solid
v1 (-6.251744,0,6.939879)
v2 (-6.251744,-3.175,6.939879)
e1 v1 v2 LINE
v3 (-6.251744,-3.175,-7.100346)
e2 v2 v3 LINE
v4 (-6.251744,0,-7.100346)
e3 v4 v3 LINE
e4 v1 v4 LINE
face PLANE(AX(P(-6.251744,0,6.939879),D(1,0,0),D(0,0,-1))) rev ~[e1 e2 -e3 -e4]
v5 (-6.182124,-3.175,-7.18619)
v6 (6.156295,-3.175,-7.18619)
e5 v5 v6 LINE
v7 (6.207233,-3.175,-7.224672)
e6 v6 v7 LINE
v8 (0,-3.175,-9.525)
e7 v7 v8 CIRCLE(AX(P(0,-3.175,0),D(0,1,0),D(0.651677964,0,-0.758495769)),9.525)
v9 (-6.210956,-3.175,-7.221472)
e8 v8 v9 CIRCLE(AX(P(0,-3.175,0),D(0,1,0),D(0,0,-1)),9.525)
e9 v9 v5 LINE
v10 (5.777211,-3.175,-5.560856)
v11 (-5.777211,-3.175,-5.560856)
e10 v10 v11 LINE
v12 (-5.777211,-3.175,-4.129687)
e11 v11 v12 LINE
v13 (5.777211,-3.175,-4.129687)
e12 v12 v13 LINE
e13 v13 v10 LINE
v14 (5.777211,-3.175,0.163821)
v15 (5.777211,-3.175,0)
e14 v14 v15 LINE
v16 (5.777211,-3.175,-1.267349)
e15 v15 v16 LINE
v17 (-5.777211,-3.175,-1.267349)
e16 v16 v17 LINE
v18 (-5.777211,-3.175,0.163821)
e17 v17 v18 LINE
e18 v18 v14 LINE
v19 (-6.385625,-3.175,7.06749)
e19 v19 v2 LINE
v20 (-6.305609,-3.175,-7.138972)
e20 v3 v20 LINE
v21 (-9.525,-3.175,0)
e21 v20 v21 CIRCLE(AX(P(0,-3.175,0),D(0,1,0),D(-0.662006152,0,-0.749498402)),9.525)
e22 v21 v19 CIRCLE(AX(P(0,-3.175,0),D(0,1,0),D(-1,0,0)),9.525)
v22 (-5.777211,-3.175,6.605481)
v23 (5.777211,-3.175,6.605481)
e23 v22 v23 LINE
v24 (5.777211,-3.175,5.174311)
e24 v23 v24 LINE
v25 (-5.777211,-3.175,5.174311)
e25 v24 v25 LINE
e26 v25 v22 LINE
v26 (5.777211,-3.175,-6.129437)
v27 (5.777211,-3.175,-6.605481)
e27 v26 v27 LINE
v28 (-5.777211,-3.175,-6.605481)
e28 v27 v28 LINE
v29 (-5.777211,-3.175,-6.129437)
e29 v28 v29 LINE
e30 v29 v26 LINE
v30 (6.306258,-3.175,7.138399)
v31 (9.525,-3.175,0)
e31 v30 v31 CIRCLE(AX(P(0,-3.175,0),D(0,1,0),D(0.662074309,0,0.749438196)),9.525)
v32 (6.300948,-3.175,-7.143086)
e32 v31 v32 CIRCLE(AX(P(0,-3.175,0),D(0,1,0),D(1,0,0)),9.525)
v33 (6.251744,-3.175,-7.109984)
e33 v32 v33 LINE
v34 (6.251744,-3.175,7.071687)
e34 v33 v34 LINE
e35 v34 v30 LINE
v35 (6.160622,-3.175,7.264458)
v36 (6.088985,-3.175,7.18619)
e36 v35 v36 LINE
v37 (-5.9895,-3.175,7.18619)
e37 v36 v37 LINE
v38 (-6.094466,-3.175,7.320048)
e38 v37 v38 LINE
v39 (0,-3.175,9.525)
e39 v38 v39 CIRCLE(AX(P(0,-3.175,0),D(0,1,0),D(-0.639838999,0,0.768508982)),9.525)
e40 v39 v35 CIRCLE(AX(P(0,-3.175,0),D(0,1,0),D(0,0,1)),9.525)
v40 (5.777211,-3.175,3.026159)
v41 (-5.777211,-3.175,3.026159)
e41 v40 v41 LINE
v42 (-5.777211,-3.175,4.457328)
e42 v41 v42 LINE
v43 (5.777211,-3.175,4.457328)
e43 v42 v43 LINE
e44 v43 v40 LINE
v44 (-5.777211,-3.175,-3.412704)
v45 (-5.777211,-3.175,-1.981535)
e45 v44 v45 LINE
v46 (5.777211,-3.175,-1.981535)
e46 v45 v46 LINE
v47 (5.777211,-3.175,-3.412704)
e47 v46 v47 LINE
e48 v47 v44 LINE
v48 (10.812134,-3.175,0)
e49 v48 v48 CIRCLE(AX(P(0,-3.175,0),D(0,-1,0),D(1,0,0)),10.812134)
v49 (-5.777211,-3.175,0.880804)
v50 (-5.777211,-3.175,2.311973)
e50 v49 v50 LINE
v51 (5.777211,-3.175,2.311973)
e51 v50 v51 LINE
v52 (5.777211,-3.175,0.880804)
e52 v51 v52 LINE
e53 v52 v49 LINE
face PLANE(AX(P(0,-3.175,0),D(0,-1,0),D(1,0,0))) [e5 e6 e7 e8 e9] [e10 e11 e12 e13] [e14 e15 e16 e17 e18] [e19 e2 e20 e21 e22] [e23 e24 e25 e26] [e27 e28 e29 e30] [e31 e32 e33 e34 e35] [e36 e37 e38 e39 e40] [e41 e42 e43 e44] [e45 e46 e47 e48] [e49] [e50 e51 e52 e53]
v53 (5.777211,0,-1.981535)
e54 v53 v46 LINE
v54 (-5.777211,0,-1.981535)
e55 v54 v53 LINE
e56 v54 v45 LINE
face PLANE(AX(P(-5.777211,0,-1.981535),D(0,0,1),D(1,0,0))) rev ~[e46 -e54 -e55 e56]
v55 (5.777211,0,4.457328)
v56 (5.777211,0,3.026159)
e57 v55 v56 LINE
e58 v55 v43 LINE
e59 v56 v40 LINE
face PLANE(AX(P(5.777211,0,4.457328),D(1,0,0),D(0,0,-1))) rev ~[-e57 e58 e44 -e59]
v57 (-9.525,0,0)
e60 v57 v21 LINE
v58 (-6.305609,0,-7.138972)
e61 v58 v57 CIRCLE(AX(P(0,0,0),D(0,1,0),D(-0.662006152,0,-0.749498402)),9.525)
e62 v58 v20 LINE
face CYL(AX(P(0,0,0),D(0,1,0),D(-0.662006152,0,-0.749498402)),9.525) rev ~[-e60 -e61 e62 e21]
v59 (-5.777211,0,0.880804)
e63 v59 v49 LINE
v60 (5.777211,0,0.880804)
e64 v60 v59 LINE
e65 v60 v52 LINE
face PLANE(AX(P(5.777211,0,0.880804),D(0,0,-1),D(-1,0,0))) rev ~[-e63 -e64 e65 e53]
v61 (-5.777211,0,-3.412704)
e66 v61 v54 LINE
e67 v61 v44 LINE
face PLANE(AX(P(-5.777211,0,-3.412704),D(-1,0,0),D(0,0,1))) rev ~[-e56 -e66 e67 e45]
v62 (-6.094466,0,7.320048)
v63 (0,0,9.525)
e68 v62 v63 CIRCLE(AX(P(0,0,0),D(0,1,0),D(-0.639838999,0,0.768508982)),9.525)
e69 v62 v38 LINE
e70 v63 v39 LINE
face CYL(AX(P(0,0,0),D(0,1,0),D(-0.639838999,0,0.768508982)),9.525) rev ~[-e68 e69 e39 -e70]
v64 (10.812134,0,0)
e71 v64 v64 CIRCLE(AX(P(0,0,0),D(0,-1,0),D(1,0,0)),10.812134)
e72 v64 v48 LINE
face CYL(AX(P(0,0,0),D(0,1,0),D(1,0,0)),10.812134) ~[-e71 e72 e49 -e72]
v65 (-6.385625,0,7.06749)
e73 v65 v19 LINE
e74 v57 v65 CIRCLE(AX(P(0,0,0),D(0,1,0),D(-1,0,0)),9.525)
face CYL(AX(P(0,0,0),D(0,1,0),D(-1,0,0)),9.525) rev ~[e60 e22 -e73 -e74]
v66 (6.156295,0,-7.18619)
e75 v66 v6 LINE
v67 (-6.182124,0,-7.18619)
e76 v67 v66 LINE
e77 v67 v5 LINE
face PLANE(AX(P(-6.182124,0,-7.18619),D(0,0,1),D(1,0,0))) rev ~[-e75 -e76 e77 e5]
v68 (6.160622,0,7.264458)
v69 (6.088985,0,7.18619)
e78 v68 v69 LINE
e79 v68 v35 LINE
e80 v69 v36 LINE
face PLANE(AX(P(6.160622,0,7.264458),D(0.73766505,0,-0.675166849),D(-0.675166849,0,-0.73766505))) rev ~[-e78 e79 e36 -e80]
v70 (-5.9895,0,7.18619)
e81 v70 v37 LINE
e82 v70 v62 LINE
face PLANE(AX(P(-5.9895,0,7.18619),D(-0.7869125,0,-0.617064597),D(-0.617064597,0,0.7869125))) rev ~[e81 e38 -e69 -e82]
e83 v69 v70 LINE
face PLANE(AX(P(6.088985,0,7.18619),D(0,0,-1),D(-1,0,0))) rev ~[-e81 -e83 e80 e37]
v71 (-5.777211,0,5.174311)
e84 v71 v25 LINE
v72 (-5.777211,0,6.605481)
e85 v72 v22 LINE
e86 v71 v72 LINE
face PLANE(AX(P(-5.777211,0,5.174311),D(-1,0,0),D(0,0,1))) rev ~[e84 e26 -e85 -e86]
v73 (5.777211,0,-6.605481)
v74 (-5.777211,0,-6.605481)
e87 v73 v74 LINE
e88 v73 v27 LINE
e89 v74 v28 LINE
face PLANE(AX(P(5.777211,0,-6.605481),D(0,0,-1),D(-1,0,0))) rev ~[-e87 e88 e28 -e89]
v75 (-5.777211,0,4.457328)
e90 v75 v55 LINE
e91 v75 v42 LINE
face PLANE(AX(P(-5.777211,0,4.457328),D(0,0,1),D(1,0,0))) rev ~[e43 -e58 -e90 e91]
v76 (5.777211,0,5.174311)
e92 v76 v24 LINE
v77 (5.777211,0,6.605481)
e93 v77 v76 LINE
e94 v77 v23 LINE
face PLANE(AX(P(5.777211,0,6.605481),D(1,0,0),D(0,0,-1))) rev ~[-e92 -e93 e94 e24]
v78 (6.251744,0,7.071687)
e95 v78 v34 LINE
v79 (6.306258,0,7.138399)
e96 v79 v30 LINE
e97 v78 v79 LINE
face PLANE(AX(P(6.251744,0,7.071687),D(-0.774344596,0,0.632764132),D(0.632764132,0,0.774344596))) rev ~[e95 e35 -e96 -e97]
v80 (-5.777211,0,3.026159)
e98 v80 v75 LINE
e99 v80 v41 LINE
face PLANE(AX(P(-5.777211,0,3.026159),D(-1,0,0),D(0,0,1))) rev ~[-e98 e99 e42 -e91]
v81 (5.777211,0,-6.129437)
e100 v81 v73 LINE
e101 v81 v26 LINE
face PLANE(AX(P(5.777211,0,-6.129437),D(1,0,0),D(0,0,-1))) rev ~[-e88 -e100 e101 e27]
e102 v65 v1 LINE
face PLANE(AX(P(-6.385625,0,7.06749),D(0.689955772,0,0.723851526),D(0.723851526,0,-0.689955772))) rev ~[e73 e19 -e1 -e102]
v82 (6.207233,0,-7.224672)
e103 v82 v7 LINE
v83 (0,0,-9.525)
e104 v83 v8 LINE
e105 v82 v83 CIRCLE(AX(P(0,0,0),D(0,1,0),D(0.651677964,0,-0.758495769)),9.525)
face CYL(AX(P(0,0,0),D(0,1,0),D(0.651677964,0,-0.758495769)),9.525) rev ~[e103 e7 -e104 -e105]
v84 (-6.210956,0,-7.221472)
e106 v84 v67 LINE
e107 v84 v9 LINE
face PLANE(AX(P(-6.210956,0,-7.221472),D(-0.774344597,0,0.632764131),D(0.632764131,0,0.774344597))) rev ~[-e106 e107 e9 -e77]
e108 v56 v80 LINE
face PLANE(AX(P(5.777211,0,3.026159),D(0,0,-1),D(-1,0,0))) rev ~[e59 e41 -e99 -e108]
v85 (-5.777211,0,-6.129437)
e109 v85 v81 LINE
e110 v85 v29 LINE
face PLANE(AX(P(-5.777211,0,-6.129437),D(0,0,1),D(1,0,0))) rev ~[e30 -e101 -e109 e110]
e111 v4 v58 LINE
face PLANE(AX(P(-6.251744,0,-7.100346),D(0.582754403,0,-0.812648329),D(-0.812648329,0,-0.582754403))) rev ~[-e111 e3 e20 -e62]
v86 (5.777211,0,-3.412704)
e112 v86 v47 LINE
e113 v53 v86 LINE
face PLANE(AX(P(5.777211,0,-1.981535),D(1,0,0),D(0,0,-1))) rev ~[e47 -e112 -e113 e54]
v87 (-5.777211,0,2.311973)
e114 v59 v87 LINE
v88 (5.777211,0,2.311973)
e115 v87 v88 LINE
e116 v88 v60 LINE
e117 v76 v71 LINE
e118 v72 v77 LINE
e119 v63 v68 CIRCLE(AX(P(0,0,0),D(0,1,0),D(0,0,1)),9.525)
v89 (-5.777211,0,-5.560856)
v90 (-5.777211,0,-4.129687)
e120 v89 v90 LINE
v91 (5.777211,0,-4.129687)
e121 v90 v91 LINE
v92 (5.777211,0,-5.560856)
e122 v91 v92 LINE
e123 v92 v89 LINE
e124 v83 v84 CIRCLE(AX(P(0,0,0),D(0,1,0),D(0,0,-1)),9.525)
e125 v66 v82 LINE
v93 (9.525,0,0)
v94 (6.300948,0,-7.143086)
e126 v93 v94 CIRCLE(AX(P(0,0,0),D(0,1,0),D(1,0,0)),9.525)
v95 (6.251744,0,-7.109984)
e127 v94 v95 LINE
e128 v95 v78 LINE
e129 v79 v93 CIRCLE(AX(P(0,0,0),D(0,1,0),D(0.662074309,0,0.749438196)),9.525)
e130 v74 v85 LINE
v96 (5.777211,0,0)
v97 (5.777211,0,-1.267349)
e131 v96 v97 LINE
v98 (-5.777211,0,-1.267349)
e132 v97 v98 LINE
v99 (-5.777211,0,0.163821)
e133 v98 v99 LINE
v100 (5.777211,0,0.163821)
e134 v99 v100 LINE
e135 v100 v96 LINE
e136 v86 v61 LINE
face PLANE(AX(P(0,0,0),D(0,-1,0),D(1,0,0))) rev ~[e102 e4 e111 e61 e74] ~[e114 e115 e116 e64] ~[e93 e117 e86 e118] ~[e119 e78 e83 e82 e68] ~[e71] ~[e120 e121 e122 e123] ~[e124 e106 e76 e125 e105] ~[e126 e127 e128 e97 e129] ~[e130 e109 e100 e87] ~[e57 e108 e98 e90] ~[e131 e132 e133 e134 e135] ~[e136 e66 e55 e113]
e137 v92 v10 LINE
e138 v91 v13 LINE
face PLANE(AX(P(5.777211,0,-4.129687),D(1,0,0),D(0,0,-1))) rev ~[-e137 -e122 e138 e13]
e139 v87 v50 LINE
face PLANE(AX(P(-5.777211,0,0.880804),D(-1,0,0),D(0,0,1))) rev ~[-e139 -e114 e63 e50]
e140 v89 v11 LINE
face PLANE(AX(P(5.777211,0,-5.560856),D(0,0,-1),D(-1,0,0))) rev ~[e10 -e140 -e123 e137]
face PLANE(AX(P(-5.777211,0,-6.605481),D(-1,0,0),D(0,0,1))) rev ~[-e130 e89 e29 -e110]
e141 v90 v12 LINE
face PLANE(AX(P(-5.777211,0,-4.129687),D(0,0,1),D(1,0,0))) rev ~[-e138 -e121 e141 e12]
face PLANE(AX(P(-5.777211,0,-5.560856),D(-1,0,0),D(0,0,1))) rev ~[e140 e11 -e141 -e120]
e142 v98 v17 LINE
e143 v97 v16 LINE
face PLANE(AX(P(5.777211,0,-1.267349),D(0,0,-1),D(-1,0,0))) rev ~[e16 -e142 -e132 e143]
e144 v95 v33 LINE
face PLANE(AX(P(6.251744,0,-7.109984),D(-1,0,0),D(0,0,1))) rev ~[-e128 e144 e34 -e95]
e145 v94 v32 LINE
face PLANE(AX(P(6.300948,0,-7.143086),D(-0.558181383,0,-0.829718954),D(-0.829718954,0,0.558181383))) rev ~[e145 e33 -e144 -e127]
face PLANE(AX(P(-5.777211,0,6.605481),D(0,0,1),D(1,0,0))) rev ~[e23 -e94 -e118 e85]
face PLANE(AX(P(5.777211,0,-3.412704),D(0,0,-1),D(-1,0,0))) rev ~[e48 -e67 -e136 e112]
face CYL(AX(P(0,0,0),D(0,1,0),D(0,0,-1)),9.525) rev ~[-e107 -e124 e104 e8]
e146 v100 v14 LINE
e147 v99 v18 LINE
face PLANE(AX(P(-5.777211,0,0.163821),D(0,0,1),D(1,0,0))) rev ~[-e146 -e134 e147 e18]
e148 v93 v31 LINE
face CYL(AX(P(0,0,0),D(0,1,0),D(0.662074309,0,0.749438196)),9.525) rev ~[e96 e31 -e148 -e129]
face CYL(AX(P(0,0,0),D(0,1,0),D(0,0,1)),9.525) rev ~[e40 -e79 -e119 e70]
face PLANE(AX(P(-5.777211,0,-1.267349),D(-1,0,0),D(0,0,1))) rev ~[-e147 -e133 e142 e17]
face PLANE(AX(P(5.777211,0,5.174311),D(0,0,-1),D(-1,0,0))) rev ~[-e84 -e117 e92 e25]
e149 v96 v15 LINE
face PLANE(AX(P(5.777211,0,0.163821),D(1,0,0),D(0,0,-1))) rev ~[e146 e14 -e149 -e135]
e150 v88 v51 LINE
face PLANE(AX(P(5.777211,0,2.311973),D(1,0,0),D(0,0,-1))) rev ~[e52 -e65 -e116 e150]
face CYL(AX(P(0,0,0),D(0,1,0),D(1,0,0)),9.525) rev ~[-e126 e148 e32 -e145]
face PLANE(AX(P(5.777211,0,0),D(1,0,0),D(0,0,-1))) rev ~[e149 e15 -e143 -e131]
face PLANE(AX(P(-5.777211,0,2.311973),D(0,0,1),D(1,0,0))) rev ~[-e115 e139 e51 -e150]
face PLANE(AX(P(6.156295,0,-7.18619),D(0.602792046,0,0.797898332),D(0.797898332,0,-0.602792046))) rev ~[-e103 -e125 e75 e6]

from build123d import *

# Parameters (mm, degrees)
F0_R     = 10.8121335874
F0_W     = 5.7772109285
F0_H     = 0.716982875
F0_H_2   = 0.7141863704
F0_H_3   = 0.5685804115
F1_DEPTH = 3.175


with BuildPart() as f1:
    # F0 (on Front) → F1 (new body)
    with BuildSketch(Plane.XZ):
        Circle(F0_R)
        with BuildLine():
            ThreePointArc((6.3062577959, 7.1383988129), (8.6831080411, 3.9152598569), (9.525, 0))
            ThreePointArc((9.525, 0), (8.6816518395, -3.9184877615), (6.3009482756, -7.1430858757))
            ThreePointArc((6.3009482756, -7.1430858757), (6.2763830489, -7.1646800922), (6.2517438163, -7.1861898288))
            ThreePointArc((6.2517438163, -7.1861898288), (6.2295179256, -7.205465385), (6.2072326042, -7.2246722))
            ThreePointArc((6.2072326042, -7.2246722), (3.3098808358, -8.9314228347), (0, -9.525))
            ThreePointArc((0, -9.525), (-3.3121824388, -8.9305695503), (-6.2109555135, -7.2214719143))
            ThreePointArc((-6.2109555135, -7.2214719143), (-6.2313746359, -7.2038597395), (-6.2517438163, -7.1861898288))
            ThreePointArc((-6.2517438163, -7.1861898288), (-6.2787205913, -7.1626316907), (-6.305608594, -7.1389722831))
            ThreePointArc((-6.305608594, -7.1389722831), (-8.6829300025, -3.9156546797), (-9.525, 0))
            ThreePointArc((-9.525, 0), (-8.7048463851, 3.8666877831), (-6.3856247955, 7.0674904295))
            ThreePointArc((-6.3856247955, 7.0674904295), (-6.3189630276, 7.1271544992), (-6.2517438163, 7.1861898288))
            ThreePointArc((-6.2517438163, 7.1861898288), (-6.1734679548, 7.2535452305), (-6.0944664659, 7.3200480529))
            ThreePointArc((-6.0944664659, 7.3200480529), (-3.2405375554, 8.9568153577), (0, 9.525))
            ThreePointArc((0, 9.525), (3.2811323241, 8.9420241373), (6.1606224546, 7.2644584087))
            ThreePointArc((6.1606224546, 7.2644584087), (6.2063065187, 7.2254677632), (6.2517438163, 7.1861898288))
            ThreePointArc((6.2517438163, 7.1861898288), (6.2790462746, 7.1623461855), (6.3062577959, 7.1383988129))
        make_face(mode=Mode.SUBTRACT)
        with Locations((-2.8886054642, 4.8158199061)):
            Rectangle(F0_W, F0_H)
        with Locations((2.8886054642, 4.8158199061)):
            Rectangle(F0_W, F0_H)
        with Locations((-2.8886054642, 0.5223121699)):
            Rectangle(F0_W, F0_H)
        with Locations((2.8886054642, 0.5223121699)):
            Rectangle(F0_W, F0_H)
        with Locations((2.8886054642, -3.7711955662)):
            Rectangle(F0_W, F0_H)
        with Locations((-2.8886054642, -3.7711955662)):
            Rectangle(F0_W, F0_H)
        with Locations((-2.8886054642, 2.669066038)):
            Rectangle(F0_W, F0_H_2)
        with Locations((2.8886054642, 2.669066038)):
            Rectangle(F0_W, F0_H_2)
        with Locations((-2.8886054642, -1.6244416981)):
            Rectangle(F0_W, F0_H_2)
        with Locations((2.8886054642, -1.6244416981)):
            Rectangle(F0_W, F0_H_2)
        Polygon((5.7772109285, 6.605480589), (6.2517438163, 7.1861898288), (6.0889851302, 7.1861898288), (0, 7.1861898288), (0, 6.605480589), align=None)
        Polygon((0, 6.605480589), (0, 7.1861898288), (-5.9895003214, 7.1861898288), (-6.2517438163, 7.1861898288), (-5.7772109285, 6.605480589), align=None)
        Polygon((-6.1821243726, -7.1861898288), (0, -7.1861898288), (0, -6.605480589), (-5.7772109285, -6.605480589), (-6.2517438163, -7.1861898288), align=None)
        Polygon((6.1562946066, -7.1861898288), (6.2517438163, -7.1861898288), (5.7772109285, -6.605480589), (0, -6.605480589), (0, -7.1861898288), align=None)
        with Locations((-2.8886054642, -5.8451464548)):
            Rectangle(F0_W, F0_H_3)
        with Locations((2.8886054642, -5.8451464548)):
            Rectangle(F0_W, F0_H_3)
        Polygon((6.2517438163, -7.1099842899), (6.2517438163, 0), (5.7772109285, 0), (5.7772109285, -0.5503656379), (5.7772109285, -1.2673485129), (5.7772109285, -1.9815348833), (5.7772109285, -2.6985177583), (5.7772109285, -3.4127041287), (5.7772109285, -4.1296870037), (5.7772109285, -4.843873374), (5.7772109285, -5.5608562491), (5.7772109285, -6.1294366606), (5.7772109285, -6.605480589), (6.2517438163, -7.1861898288), align=None)
        Polygon((5.7772109285, 0), (6.2517438163, 0), (6.2517438163, 7.0716873743), (6.2517438163, 7.1861898288), (5.7772109285, 6.605480589), (5.7772109285, 5.8884977139), (5.7772109285, 5.1743113436), (5.7772109285, 4.4573284686), (5.7772109285, 3.7431420982), (5.7772109285, 3.0261592232), (5.7772109285, 2.3119728528), (5.7772109285, 1.5949899778), (5.7772109285, 0.8808036075), (5.7772109285, 0.1638207324), align=None)
        Polygon((-6.2517438163, 0), (-5.7772109285, 0), (-5.7772109285, 0.1638207324), (-5.7772109285, 0.8808036075), (-5.7772109285, 1.5949899778), (-5.7772109285, 2.3119728528), (-5.7772109285, 3.0261592232), (-5.7772109285, 3.7431420982), (-5.7772109285, 4.4573284686), (-5.7772109285, 5.1743113436), (-5.7772109285, 5.8884977139), (-5.7772109285, 6.605480589), (-6.2517438163, 7.1861898288), (-6.2517438163, 6.9398786873), align=None)
        Polygon((-5.7772109285, -0.5503656379), (-5.7772109285, 0), (-6.2517438163, 0), (-6.2517438163, -7.1003455669), (-6.2517438163, -7.1861898288), (-5.7772109285, -6.605480589), (-5.7772109285, -6.1294366606), (-5.7772109285, -5.5608562491), (-5.7772109285, -4.843873374), (-5.7772109285, -4.1296870037), (-5.7772109285, -3.4127041287), (-5.7772109285, -2.6985177583), (-5.7772109285, -1.9815348833), (-5.7772109285, -1.2673485129), align=None)
        with BuildLine():
            Line((-5.9895003214, 7.1861898288), (-6.0944664659, 7.3200480529))
            ThreePointArc((-6.0944664659, 7.3200480529), (-6.1734679548, 7.2535452305), (-6.2517438163, 7.1861898288))
            Line((-6.2517438163, 7.1861898288), (-5.9895003214, 7.1861898288))
        make_face()
        with BuildLine():
            Line((-6.2517438163, 6.9398786873), (-6.2517438163, 7.1861898288))
            ThreePointArc((-6.2517438163, 7.1861898288), (-6.3189630276, 7.1271544992), (-6.3856247955, 7.0674904295))
            Line((-6.3856247955, 7.0674904295), (-6.2517438163, 6.9398786873))
        make_face()
        with BuildLine():
            Line((6.0889851302, 7.1861898288), (6.2517438163, 7.1861898288))
            ThreePointArc((6.2517438163, 7.1861898288), (6.2063065187, 7.2254677632), (6.1606224546, 7.2644584087))
            Line((6.1606224546, 7.2644584087), (6.0889851302, 7.1861898288))
        make_face()
        with BuildLine():
            Line((6.2517438163, 7.0716873743), (6.3062577959, 7.1383988129))
            ThreePointArc((6.3062577959, 7.1383988129), (6.2790462746, 7.1623461855), (6.2517438163, 7.1861898288))
            Line((6.2517438163, 7.1861898288), (6.2517438163, 7.0716873743))
        make_face()
        with BuildLine():
            ThreePointArc((-6.305608594, -7.1389722831), (-6.2787205913, -7.1626316907), (-6.2517438163, -7.1861898288))
            Line((-6.2517438163, -7.1861898288), (-6.2517438163, -7.1003455669))
            Line((-6.2517438163, -7.1003455669), (-6.305608594, -7.1389722831))
        make_face()
        with BuildLine():
            ThreePointArc((6.2517438163, -7.1861898288), (6.2763830489, -7.1646800922), (6.3009482756, -7.1430858757))
            Line((6.3009482756, -7.1430858757), (6.2517438163, -7.1099842899))
            Line((6.2517438163, -7.1099842899), (6.2517438163, -7.1861898288))
        make_face()
        with BuildLine():
            ThreePointArc((6.2072326042, -7.2246722), (6.2295179256, -7.205465385), (6.2517438163, -7.1861898288))
            Line((6.2517438163, -7.1861898288), (6.1562946066, -7.1861898288))
            Line((6.1562946066, -7.1861898288), (6.2072326042, -7.2246722))
        make_face()
        with BuildLine():
            ThreePointArc((-6.2517438163, -7.1861898288), (-6.2313746359, -7.2038597395), (-6.2109555135, -7.2214719143))
            Line((-6.2109555135, -7.2214719143), (-6.1821243726, -7.1861898288))
            Line((-6.1821243726, -7.1861898288), (-6.2517438163, -7.1861898288))
        make_face()
    extrude(amount=F1_DEPTH)


solid = f1.part
